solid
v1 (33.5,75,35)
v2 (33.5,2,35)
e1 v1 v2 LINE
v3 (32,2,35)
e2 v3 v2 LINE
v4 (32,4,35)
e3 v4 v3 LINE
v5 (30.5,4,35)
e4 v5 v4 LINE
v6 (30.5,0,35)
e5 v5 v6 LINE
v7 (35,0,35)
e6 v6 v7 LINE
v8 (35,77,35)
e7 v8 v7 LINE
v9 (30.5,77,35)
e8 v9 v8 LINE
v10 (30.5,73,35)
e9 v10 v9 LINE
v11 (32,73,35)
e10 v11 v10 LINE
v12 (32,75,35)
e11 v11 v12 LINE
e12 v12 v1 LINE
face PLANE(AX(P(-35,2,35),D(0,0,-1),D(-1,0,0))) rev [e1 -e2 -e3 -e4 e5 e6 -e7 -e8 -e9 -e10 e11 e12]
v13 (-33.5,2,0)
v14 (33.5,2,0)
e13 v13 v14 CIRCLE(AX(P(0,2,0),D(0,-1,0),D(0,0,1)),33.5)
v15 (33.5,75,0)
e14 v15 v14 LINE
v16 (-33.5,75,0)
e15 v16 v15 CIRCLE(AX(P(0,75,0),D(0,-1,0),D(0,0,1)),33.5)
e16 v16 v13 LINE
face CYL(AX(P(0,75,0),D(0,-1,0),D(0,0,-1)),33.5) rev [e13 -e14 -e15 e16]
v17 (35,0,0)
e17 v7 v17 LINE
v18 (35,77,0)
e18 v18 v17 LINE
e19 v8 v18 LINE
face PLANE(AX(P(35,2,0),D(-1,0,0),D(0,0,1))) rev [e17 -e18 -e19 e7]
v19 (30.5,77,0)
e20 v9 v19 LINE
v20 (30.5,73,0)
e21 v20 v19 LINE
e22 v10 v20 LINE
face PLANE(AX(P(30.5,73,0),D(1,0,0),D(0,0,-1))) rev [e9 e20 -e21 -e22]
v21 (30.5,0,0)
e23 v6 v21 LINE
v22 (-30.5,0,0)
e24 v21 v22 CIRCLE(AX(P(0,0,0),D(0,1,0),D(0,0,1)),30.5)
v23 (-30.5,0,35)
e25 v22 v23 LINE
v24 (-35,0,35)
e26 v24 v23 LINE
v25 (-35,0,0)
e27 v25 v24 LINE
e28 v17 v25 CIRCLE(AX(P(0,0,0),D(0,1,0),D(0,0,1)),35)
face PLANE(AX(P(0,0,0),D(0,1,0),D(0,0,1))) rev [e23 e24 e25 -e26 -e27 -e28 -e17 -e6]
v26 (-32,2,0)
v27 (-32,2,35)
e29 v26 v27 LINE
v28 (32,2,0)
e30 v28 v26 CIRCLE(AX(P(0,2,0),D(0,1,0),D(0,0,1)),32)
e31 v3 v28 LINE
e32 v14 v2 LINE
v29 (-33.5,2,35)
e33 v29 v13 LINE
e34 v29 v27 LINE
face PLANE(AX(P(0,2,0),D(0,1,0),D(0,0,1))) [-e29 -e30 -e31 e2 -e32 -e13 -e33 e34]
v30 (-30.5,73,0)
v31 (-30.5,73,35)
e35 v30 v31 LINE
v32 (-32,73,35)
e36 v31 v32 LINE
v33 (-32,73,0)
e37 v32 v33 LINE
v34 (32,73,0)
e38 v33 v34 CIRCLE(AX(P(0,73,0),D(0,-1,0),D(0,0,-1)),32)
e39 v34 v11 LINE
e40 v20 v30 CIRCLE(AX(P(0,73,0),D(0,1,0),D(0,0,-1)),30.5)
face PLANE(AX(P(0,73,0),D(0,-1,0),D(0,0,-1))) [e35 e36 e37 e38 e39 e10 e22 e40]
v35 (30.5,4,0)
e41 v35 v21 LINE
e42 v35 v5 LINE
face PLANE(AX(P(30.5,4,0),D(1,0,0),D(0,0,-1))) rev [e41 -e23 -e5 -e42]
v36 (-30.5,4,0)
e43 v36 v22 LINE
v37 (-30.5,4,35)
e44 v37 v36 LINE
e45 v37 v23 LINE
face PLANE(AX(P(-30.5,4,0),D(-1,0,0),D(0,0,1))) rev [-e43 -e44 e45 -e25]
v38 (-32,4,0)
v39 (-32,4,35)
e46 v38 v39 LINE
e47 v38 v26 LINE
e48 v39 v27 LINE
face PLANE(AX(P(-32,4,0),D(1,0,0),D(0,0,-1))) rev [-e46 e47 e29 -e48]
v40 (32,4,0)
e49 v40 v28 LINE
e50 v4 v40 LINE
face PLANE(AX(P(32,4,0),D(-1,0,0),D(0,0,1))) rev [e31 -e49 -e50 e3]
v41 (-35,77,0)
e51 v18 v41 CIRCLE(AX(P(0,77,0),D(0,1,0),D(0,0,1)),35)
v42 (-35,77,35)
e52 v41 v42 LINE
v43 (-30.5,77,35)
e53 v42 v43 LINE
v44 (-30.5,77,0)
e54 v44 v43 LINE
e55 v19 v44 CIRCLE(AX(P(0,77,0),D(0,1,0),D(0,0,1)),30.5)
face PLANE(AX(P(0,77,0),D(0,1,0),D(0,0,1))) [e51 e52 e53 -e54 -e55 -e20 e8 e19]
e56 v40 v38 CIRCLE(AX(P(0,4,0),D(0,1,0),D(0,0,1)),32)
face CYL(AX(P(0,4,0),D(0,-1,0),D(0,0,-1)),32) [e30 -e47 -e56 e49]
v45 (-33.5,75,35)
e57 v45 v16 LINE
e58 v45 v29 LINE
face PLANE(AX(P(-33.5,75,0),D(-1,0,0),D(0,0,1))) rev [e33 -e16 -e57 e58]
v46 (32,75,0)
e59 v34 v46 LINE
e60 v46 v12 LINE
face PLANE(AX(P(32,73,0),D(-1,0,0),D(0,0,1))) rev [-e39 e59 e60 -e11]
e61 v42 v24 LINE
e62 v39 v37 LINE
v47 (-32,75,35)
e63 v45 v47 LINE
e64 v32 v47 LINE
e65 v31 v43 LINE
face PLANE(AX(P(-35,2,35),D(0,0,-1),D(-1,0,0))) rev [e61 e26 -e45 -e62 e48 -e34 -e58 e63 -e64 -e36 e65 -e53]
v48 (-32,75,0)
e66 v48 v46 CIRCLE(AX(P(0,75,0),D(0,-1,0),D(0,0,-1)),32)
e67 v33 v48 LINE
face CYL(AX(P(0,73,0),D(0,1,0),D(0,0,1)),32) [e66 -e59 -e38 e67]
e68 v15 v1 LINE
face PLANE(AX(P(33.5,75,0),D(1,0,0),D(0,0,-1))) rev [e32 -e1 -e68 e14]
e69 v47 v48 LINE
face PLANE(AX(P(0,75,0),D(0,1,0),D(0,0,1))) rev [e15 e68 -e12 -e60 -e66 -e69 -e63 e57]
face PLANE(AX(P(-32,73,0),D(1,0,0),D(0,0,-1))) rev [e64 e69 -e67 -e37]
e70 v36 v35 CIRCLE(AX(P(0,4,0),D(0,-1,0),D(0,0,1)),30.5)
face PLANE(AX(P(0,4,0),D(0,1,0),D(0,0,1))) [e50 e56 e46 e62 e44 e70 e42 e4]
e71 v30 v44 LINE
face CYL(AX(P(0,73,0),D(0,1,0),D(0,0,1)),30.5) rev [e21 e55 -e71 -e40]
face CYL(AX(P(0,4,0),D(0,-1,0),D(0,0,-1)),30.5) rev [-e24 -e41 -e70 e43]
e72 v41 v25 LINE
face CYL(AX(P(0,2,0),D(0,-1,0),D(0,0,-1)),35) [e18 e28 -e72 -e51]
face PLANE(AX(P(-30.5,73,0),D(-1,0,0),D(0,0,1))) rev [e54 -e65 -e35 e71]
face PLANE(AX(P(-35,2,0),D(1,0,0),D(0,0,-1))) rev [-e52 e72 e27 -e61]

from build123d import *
from build123d.topology import SkipClean

# Parameters (mm, degrees)
EXTRUDE_1_DEPTH     = 2
EXTRUDE_2_DEPTH     = 73
EXTRUDE_3_DEPTH     = 2
EXTRUDE_4_DEPTH     = 2
EXTRUDE_START       = 2
EXTRUDE_5_DEPTH     = 2
CUT_EXTRUDE_START   = -80
CUT_EXTRUDE_1_DEPTH = 80


with BuildPart() as part:
    # 草图1 → 凸台-拉伸1 (new body)
    with BuildSketch(Plane(origin=(0, 0, 0), x_dir=(1, 0, 0), z_dir=(0, 1, 0))):
        with BuildLine():
            Line((-35, 0), (-35, -35))
            Line((-35, -35), (35, -35))
            Line((35, -35), (35, 0))
            ThreePointArc((35, 0), (0, 35), (-35, 0))
        make_face()
    extrude(amount=EXTRUDE_1_DEPTH)

    # 草图5 → 凸台-拉伸2 (add)
    with BuildSketch(Plane(origin=(0, 2, 0), x_dir=(1, 0, 0), z_dir=(0, 1, 0))):
        with BuildLine():
            Line((33.5, -35), (35, -35))
            Line((35, -35), (35, 0))
            ThreePointArc((35, 0), (0, 35), (-35, 0))
            Line((-35, 0), (-35, -35))
            Line((-35, -35), (-33.5, -35))
            Line((-33.5, -35), (-33.5, 0))
            ThreePointArc((-33.5, 0), (0, 33.5), (33.5, 0))
            Line((33.5, 0), (33.5, -35))
        make_face()
    extrude(amount=EXTRUDE_2_DEPTH)

    # 草图6 → 凸台-拉伸3 (add)
    with BuildSketch(Plane(origin=(0, 2, 0), x_dir=(1, 0, 0), z_dir=(0, 1, 0))):
        with BuildLine():
            Line((-32, 0), (-32, -35))
            Line((-32, -35), (-30.5, -35))
            Line((-30.5, -35), (-30.5, 0))
            ThreePointArc((-30.5, 0), (0, 30.5), (30.5, 0))
            Line((30.5, 0), (30.5, -35))
            Line((30.5, -35), (32, -35))
            Line((32, -35), (32, 0))
            ThreePointArc((32, 0), (0, 32), (-32, 0))
        make_face()
    extrude(amount=EXTRUDE_3_DEPTH)

    # 草图8 → 凸台-拉伸4 (add)
    with BuildSketch(Plane(origin=(0, 75, 0), x_dir=(1, 0, 0), z_dir=(0, 1, 0))):
        with BuildLine():
            Line((-35, 0), (-35, -35))
            Line((-35, -35), (35, -35))
            Line((35, -35), (35, 0))
            ThreePointArc((35, 0), (0, 35), (-35, 0))
        make_face()
    extrude(amount=EXTRUDE_4_DEPTH)

    # 草图10 → 凸台-拉伸5 (add)
    with BuildSketch(Plane.XZ.offset(-75).offset(EXTRUDE_START)):
        with BuildLine():
            Line((-32, 0), (-32, 35))
            Line((-32, 35), (-30.5, 35))
            Line((-30.5, 35), (-30.5, 0))
            ThreePointArc((-30.5, 0), (0, -30.5), (30.5, 0))
            Line((30.5, 0), (30.5, 35))
            Line((30.5, 35), (32, 35))
            Line((32, 35), (32, 0))
            ThreePointArc((32, 0), (0, -32), (-32, 0))
        make_face()
    extrude(amount=-EXTRUDE_5_DEPTH)

    # 草图12 → 切除-拉伸1 (cut)
    with SkipClean():  # the faces are left unmerged after this step: merging them gives an invalid solid
        with BuildSketch(Plane(origin=(0, 77, 0), x_dir=(1, 0, 0), z_dir=(0, 1, 0)).offset(CUT_EXTRUDE_START)):
            with BuildLine():
                Line((-30.5, -30.5), (-30.5, -35))
                Line((-30.5, -35), (30.5, -35))
                Line((30.5, -35), (30.5, -30.5))
                Line((30.5, -30.5), (30.5, 0))
                ThreePointArc((30.5, 0), (0, 30.5), (-30.5, 0))
                Line((-30.5, 0), (-30.5, -30.5))
            make_face()
        extrude(amount=CUT_EXTRUDE_1_DEPTH, mode=Mode.SUBTRACT)


solid = part.part
